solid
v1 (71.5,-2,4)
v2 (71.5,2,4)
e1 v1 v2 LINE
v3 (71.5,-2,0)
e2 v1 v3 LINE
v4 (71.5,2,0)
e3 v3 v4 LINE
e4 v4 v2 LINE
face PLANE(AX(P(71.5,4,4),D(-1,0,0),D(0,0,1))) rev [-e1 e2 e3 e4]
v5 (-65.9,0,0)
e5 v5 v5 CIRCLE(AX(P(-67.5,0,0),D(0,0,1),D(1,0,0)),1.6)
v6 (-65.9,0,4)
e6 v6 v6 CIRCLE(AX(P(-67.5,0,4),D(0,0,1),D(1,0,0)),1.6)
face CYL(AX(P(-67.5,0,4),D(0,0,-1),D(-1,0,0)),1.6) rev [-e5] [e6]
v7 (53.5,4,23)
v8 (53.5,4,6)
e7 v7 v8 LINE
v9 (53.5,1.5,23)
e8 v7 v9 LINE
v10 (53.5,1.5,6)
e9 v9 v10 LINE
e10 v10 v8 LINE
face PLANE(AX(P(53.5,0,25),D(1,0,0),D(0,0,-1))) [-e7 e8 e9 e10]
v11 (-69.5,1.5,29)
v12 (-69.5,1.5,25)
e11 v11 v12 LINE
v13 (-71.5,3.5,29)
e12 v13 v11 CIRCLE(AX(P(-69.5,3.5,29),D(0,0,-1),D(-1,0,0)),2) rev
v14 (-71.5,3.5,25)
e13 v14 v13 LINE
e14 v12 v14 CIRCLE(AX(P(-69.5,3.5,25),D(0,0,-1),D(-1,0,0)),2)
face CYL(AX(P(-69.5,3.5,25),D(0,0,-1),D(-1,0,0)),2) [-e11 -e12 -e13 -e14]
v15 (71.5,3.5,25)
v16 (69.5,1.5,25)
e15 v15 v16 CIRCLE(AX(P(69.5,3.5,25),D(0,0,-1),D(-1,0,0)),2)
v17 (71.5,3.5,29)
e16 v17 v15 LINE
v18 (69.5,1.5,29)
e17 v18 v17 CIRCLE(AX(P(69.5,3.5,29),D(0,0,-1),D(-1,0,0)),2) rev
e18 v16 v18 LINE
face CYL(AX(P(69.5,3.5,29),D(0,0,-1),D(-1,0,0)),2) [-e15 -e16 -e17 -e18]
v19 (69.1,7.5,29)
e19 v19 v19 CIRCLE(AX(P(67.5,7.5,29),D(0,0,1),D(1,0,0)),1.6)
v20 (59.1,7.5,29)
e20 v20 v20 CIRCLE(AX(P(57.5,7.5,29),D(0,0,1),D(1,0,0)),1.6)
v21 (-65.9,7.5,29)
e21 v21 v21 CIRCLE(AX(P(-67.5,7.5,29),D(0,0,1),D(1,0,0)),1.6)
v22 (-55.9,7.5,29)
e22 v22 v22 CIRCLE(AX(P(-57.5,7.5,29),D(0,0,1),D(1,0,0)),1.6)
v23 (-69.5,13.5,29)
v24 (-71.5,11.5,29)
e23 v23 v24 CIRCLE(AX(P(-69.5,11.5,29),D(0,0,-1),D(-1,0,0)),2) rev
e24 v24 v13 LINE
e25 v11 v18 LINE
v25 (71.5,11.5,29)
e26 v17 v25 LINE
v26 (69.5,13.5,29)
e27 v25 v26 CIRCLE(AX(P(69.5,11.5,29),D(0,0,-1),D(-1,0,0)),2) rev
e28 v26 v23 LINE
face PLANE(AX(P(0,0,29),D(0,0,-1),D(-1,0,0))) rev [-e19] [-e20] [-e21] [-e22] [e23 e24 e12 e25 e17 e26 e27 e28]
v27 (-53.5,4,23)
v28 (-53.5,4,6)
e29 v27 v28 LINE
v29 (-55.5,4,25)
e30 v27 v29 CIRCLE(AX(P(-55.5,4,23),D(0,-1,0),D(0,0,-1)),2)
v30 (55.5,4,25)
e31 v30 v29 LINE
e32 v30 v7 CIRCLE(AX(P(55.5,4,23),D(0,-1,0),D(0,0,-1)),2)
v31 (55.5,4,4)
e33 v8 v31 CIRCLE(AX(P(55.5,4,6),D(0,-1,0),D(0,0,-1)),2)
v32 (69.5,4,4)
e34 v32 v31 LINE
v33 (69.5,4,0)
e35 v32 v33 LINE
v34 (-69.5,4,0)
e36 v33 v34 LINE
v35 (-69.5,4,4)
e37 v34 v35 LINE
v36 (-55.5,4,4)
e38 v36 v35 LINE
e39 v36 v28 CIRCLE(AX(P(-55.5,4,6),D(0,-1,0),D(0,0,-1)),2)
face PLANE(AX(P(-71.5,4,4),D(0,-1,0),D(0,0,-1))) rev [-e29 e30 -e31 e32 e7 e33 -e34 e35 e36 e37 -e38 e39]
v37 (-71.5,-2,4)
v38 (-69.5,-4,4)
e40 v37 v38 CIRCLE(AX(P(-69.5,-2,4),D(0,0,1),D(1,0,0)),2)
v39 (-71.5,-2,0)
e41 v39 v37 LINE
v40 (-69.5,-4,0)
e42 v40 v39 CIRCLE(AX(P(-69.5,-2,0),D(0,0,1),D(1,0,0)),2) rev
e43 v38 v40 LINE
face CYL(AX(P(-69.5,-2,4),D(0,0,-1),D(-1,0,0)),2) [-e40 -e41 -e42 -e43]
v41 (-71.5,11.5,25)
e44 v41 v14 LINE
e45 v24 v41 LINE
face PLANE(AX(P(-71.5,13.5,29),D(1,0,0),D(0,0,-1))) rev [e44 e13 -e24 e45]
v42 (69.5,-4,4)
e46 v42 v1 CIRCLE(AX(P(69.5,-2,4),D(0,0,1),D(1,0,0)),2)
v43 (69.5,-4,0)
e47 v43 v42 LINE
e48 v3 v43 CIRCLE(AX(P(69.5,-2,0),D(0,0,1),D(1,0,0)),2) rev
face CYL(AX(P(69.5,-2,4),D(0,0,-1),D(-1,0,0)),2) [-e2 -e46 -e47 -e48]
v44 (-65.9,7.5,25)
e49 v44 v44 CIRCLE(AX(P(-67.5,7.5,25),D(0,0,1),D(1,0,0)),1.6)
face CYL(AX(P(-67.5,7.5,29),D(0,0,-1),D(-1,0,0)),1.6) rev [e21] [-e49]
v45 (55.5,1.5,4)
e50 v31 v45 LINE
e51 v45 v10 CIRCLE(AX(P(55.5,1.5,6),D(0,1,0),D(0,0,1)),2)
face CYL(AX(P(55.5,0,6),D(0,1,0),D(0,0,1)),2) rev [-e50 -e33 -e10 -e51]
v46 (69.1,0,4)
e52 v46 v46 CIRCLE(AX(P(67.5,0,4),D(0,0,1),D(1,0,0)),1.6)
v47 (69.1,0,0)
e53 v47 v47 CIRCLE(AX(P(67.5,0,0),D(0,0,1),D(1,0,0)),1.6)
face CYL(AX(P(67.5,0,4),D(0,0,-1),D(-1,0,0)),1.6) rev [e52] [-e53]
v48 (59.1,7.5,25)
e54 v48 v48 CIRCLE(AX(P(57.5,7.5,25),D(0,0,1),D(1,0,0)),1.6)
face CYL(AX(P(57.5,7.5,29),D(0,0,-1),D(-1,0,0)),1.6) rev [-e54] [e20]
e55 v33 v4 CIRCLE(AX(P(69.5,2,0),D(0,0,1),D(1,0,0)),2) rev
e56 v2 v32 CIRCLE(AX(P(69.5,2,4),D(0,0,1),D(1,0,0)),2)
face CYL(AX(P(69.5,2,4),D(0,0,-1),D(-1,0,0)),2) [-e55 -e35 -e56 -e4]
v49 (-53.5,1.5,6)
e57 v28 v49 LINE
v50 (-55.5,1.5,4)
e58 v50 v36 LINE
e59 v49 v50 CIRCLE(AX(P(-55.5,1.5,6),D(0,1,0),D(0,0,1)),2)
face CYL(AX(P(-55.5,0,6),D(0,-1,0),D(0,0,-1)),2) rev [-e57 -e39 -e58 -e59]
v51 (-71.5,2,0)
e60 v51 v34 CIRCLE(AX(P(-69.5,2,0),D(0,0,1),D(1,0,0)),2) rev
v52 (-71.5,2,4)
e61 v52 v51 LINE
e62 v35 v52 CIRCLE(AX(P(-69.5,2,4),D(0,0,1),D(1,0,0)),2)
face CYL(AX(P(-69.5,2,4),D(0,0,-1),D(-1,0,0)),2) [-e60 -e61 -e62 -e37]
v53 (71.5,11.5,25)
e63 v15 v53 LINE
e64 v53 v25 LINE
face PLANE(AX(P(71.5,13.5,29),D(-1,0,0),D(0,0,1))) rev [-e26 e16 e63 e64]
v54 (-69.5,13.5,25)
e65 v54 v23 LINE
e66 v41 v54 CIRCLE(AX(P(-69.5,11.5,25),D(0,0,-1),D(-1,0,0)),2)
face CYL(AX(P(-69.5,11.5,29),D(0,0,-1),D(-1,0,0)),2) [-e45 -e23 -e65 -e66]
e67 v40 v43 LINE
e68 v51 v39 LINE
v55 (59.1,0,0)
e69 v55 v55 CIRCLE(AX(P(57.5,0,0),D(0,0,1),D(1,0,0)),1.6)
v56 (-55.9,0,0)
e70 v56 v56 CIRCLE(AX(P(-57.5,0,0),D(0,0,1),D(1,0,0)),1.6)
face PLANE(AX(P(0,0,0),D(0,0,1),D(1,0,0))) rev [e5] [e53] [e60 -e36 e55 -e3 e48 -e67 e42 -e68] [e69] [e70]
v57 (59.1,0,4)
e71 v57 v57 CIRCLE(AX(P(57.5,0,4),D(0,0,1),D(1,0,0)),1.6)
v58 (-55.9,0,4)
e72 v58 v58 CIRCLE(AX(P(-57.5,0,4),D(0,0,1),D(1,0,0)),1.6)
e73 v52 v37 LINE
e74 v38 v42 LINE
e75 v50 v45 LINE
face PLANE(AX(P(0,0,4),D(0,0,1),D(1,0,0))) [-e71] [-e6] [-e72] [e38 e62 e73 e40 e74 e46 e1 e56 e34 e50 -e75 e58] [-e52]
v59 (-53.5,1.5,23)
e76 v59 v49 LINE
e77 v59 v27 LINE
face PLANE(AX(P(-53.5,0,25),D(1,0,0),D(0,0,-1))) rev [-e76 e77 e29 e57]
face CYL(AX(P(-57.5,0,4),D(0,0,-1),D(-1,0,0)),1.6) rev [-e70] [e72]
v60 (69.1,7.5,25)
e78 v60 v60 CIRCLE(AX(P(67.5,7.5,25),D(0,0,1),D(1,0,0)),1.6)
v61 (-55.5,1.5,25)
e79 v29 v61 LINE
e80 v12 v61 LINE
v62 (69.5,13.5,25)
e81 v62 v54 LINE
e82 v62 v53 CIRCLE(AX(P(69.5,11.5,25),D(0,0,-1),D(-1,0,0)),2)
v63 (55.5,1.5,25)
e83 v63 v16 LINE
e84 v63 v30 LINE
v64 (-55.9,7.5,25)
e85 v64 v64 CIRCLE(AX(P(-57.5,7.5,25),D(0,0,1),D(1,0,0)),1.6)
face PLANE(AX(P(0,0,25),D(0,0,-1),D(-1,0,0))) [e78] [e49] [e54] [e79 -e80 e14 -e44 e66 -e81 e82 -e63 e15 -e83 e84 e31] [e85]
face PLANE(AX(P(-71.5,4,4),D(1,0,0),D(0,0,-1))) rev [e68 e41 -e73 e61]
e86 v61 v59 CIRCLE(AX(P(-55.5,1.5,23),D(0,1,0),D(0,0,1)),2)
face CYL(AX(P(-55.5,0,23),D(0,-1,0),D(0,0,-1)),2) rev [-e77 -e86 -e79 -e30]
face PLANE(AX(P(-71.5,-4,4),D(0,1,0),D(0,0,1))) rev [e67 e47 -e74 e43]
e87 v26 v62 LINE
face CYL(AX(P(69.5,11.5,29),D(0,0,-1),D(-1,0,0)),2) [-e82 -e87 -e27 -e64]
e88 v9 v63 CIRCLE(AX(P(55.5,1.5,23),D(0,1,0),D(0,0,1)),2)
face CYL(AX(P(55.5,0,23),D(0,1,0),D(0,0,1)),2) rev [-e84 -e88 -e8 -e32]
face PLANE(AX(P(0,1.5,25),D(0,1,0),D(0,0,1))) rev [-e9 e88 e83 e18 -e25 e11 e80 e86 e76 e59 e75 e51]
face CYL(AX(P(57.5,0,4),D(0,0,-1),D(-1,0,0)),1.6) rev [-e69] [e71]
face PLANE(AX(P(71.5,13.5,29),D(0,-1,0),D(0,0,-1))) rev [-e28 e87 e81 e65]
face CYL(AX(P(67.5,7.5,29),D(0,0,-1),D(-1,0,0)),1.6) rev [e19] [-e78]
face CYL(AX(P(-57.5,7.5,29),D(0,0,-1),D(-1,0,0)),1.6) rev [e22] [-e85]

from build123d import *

# Parameters (mm, degrees)
SKETCH_1_W      = 143
SKETCH_1_H      = 8
SKETCH_1_R      = 1.6
EXTRUDE_1_DEPTH = 4
SKETCH_2_W      = 107
SKETCH_2_H      = 2.5
EXTRUDE_2_DEPTH = 21
SKETCH_3_W      = 143
SKETCH_3_H      = 12
SKETCH_3_R      = 1.6
EXTRUDE_4_DEPTH = 4
FILLET_1_R      = 2


with BuildPart() as part:
    # 草图1 → 凸台-拉伸1 (new body)
    with BuildSketch(Plane.XY):
        Rectangle(SKETCH_1_W, SKETCH_1_H)
        with Locations((-67.5, 0)):
            Circle(SKETCH_1_R, mode=Mode.SUBTRACT)
        with Locations((-57.5, 0)):
            Circle(SKETCH_1_R, mode=Mode.SUBTRACT)
        with Locations((57.5, 0)):
            Circle(SKETCH_1_R, mode=Mode.SUBTRACT)
        with Locations((67.5, 0)):
            Circle(SKETCH_1_R, mode=Mode.SUBTRACT)
    extrude(amount=EXTRUDE_1_DEPTH)

    # 草图2 → 凸台-拉伸2 (add)
    with BuildSketch(Plane.XY.offset(4)):
        with Locations((0, 2.75)):
            Rectangle(SKETCH_2_W, SKETCH_2_H)
    extrude(amount=EXTRUDE_2_DEPTH)

    # 草图3 → 凸台-拉伸4 (add)
    with BuildSketch(Plane.XY.offset(25)):
        with Locations((0, 7.5)):
            Rectangle(SKETCH_3_W, SKETCH_3_H)
        with Locations((67.5, 7.5)):
            Circle(SKETCH_3_R, mode=Mode.SUBTRACT)
        with Locations((57.5, 7.5)):
            Circle(SKETCH_3_R, mode=Mode.SUBTRACT)
        with Locations((-67.5, 7.5)):
            Circle(SKETCH_3_R, mode=Mode.SUBTRACT)
        with Locations((-57.5, 7.5)):
            Circle(SKETCH_3_R, mode=Mode.SUBTRACT)
    extrude(amount=EXTRUDE_4_DEPTH)

    # 圆角1
    fillet_1_edges = [part.edges().sort_by_distance(p)[0] for p in [
        (53.5, 2.75, 25),
        (-53.5, 2.75, 4),
        (-53.5, 2.75, 25),
        (53.5, 2.75, 4),
        (-71.5, 13.5, 27),
        (-71.5, 1.5, 27),
        (71.5, 1.5, 27),
        (71.5, 13.5, 27),
        (71.5, -4, 2),
        (-71.5, -4, 2),
        (-71.5, 4, 2),
        (71.5, 4, 2),
    ]]
    fillet(fillet_1_edges, radius=FILLET_1_R)


solid = part.part
